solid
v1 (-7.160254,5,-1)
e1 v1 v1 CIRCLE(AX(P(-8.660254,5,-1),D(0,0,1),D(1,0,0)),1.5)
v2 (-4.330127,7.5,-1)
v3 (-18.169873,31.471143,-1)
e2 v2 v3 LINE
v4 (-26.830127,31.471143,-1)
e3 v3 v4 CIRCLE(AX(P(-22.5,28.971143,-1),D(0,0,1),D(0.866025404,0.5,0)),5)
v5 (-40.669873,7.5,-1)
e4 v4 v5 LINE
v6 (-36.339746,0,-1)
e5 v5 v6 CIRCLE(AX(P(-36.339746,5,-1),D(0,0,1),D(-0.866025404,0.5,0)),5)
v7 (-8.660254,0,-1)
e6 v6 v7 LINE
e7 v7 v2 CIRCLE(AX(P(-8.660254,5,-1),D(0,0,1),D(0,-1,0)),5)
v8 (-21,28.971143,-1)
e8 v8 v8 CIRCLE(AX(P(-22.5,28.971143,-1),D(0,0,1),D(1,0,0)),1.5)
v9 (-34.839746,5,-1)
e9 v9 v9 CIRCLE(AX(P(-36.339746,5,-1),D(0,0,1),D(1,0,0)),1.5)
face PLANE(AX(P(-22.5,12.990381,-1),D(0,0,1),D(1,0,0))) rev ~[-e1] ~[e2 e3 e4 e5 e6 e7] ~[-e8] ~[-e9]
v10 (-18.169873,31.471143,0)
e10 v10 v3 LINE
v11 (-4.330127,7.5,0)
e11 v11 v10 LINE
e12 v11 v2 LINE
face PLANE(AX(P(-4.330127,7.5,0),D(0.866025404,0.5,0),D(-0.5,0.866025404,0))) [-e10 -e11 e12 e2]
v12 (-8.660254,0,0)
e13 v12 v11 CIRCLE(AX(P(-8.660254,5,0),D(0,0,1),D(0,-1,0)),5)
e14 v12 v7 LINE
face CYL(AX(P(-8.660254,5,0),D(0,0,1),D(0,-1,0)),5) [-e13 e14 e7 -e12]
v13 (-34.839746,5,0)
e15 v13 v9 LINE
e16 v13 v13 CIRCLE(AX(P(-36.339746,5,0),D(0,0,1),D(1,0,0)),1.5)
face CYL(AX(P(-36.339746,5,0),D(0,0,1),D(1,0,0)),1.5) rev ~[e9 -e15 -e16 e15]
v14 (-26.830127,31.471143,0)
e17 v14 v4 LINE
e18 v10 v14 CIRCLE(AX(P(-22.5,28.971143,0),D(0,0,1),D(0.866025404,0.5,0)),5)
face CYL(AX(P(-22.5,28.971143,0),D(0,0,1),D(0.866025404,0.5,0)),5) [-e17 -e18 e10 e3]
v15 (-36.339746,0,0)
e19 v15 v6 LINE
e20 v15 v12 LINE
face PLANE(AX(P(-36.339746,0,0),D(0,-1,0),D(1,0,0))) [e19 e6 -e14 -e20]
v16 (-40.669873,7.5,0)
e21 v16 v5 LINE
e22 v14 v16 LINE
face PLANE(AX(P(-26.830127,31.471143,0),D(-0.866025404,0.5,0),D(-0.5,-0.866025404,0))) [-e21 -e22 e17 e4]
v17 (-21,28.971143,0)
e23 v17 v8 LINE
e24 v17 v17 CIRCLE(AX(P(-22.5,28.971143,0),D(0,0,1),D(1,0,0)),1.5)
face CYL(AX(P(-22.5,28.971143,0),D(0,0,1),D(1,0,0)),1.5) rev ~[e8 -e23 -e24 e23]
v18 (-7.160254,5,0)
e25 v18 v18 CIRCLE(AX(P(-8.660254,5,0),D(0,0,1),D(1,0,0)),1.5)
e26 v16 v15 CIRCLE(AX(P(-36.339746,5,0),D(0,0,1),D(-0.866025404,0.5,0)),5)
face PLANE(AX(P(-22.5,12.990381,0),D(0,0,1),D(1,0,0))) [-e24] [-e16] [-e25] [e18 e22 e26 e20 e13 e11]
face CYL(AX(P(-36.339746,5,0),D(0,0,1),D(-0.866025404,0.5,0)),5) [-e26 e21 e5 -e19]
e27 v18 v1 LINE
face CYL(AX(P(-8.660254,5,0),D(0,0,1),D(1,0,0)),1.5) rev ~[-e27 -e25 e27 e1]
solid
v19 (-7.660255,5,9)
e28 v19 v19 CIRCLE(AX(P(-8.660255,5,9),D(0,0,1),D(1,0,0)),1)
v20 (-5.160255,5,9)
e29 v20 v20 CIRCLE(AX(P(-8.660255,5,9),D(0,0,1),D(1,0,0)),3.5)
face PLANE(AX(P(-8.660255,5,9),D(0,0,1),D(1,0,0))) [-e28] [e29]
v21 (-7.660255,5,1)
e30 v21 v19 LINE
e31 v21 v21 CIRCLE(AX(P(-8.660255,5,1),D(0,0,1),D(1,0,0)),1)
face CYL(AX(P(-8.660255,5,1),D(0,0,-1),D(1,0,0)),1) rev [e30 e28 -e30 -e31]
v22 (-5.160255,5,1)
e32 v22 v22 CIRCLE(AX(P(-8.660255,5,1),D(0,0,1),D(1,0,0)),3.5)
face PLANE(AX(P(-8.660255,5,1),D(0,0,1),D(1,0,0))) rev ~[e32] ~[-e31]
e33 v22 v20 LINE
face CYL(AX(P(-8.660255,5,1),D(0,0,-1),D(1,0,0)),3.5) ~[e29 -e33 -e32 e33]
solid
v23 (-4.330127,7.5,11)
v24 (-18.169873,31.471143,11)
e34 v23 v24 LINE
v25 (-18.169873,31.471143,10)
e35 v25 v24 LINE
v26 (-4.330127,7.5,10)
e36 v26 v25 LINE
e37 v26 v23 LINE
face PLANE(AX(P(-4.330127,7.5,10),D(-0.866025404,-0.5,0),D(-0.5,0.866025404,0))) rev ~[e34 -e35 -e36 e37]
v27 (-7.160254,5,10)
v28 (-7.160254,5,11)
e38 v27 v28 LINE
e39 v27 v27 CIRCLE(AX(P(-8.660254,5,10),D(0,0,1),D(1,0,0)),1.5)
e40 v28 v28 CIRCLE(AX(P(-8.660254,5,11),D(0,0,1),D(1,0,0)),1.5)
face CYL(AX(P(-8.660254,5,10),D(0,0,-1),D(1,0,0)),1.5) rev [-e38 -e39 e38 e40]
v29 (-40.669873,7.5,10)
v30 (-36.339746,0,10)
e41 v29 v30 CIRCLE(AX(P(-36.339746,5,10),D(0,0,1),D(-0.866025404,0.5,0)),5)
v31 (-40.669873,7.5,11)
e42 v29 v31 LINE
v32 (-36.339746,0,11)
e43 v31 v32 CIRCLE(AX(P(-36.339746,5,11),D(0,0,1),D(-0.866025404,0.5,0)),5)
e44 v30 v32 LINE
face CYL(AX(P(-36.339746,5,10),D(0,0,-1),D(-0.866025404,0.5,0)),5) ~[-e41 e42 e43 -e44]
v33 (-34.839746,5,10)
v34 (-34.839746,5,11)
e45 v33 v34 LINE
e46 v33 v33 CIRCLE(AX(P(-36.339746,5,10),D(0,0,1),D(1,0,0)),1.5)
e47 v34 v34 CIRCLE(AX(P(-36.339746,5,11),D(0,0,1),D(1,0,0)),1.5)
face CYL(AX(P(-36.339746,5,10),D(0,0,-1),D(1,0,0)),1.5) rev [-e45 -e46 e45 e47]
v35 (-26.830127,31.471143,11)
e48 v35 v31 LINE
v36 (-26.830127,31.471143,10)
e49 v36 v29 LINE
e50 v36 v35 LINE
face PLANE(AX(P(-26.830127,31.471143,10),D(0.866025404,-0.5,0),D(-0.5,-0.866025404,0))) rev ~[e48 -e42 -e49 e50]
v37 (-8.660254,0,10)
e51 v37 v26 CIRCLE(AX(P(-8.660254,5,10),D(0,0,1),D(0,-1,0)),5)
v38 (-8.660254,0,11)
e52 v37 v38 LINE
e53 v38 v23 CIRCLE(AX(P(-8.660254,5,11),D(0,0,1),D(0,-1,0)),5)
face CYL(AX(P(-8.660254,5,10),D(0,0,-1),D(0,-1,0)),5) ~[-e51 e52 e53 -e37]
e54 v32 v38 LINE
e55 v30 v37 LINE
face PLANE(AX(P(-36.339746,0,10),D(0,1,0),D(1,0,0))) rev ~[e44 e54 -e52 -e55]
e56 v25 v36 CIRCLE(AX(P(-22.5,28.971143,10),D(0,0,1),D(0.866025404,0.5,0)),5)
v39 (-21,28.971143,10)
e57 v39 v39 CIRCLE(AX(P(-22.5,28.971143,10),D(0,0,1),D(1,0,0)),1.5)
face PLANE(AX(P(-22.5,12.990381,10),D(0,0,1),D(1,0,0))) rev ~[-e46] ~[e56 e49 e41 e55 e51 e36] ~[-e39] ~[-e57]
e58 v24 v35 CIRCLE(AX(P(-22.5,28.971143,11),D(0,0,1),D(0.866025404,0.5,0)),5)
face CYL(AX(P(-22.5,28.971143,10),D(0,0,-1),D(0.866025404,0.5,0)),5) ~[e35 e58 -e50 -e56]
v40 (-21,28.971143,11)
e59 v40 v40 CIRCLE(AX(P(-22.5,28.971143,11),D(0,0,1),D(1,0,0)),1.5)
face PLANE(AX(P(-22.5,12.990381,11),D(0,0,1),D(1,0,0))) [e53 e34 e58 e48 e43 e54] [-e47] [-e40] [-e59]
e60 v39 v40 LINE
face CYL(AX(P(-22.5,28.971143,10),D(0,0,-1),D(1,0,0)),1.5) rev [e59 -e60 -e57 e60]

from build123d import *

# Parameters (mm, degrees)
F0_R     = 1.5
F1_DEPTH = 1
F2_START = 10
F2_DEPTH = 1
F4_START = 1
F3_R     = 3.5
F3_R_2   = 1.5
F3_R_3   = 1
F4_DEPTH = 8


with BuildPart() as f1:
    # F0 (on Top) → F1 (new body)
    with BuildSketch(Plane.XY):
        with BuildLine():
            ThreePointArc((-8.6602540378, 0), (-4.3301270189, 2.5), (-4.3301270189, 7.5))
            Line((-4.3301270189, 7.5), (-18.1698729811, 31.4711431703))
            ThreePointArc((-18.1698729811, 31.4711431703), (-22.5, 33.9711431703), (-26.8301270189, 31.4711431703))
            Line((-26.8301270189, 31.4711431703), (-40.6698729811, 7.5))
            ThreePointArc((-40.6698729811, 7.5), (-40.6698729811, 2.5), (-36.3397459622, 0))
            Line((-36.3397459622, 0), (-8.6602540378, 0))
        make_face()
        with Locations((-36.3397459622, 5)):
            Circle(F0_R, mode=Mode.SUBTRACT)
        with Locations((-8.6602540378, 5)):
            Circle(F0_R, mode=Mode.SUBTRACT)
        with Locations((-22.5, 28.9711431703)):
            Circle(F0_R, mode=Mode.SUBTRACT)
    extrude(amount=-F1_DEPTH)


with BuildPart() as f2:
    # F0 (on Top) → F2 (new body)
    with BuildSketch(Plane.XY.offset(F2_START)):
        with BuildLine():
            ThreePointArc((-8.6602540378, 0), (-4.3301270189, 2.5), (-4.3301270189, 7.5))
            Line((-4.3301270189, 7.5), (-18.1698729811, 31.4711431703))
            ThreePointArc((-18.1698729811, 31.4711431703), (-22.5, 33.9711431703), (-26.8301270189, 31.4711431703))
            Line((-26.8301270189, 31.4711431703), (-40.6698729811, 7.5))
            ThreePointArc((-40.6698729811, 7.5), (-40.6698729811, 2.5), (-36.3397459622, 0))
            Line((-36.3397459622, 0), (-8.6602540378, 0))
        make_face()
        with Locations((-36.3397459622, 5)):
            Circle(F0_R, mode=Mode.SUBTRACT)
        with Locations((-8.6602540378, 5)):
            Circle(F0_R, mode=Mode.SUBTRACT)
        with Locations((-22.5, 28.9711431703)):
            Circle(F0_R, mode=Mode.SUBTRACT)
    extrude(amount=F2_DEPTH)


with BuildPart() as f4:
    # F3 (on face) → F4 (new body)
    with BuildSketch(Plane.XY.offset(F4_START)):
        with Locations((-8.6602545295, 5.0000002838)):
            Circle(F3_R)
        with Locations((-8.6602540378, 5)):
            Circle(F3_R_2, mode=Mode.SUBTRACT)
        with Locations((-8.6602540378, 5)):
            Circle(F3_R_2)
        with Locations((-8.6602545295, 5.0000002838)):
            Circle(F3_R_3, mode=Mode.SUBTRACT)
    extrude(amount=F4_DEPTH)


solid = Compound([f1.part, f2.part, f4.part])
